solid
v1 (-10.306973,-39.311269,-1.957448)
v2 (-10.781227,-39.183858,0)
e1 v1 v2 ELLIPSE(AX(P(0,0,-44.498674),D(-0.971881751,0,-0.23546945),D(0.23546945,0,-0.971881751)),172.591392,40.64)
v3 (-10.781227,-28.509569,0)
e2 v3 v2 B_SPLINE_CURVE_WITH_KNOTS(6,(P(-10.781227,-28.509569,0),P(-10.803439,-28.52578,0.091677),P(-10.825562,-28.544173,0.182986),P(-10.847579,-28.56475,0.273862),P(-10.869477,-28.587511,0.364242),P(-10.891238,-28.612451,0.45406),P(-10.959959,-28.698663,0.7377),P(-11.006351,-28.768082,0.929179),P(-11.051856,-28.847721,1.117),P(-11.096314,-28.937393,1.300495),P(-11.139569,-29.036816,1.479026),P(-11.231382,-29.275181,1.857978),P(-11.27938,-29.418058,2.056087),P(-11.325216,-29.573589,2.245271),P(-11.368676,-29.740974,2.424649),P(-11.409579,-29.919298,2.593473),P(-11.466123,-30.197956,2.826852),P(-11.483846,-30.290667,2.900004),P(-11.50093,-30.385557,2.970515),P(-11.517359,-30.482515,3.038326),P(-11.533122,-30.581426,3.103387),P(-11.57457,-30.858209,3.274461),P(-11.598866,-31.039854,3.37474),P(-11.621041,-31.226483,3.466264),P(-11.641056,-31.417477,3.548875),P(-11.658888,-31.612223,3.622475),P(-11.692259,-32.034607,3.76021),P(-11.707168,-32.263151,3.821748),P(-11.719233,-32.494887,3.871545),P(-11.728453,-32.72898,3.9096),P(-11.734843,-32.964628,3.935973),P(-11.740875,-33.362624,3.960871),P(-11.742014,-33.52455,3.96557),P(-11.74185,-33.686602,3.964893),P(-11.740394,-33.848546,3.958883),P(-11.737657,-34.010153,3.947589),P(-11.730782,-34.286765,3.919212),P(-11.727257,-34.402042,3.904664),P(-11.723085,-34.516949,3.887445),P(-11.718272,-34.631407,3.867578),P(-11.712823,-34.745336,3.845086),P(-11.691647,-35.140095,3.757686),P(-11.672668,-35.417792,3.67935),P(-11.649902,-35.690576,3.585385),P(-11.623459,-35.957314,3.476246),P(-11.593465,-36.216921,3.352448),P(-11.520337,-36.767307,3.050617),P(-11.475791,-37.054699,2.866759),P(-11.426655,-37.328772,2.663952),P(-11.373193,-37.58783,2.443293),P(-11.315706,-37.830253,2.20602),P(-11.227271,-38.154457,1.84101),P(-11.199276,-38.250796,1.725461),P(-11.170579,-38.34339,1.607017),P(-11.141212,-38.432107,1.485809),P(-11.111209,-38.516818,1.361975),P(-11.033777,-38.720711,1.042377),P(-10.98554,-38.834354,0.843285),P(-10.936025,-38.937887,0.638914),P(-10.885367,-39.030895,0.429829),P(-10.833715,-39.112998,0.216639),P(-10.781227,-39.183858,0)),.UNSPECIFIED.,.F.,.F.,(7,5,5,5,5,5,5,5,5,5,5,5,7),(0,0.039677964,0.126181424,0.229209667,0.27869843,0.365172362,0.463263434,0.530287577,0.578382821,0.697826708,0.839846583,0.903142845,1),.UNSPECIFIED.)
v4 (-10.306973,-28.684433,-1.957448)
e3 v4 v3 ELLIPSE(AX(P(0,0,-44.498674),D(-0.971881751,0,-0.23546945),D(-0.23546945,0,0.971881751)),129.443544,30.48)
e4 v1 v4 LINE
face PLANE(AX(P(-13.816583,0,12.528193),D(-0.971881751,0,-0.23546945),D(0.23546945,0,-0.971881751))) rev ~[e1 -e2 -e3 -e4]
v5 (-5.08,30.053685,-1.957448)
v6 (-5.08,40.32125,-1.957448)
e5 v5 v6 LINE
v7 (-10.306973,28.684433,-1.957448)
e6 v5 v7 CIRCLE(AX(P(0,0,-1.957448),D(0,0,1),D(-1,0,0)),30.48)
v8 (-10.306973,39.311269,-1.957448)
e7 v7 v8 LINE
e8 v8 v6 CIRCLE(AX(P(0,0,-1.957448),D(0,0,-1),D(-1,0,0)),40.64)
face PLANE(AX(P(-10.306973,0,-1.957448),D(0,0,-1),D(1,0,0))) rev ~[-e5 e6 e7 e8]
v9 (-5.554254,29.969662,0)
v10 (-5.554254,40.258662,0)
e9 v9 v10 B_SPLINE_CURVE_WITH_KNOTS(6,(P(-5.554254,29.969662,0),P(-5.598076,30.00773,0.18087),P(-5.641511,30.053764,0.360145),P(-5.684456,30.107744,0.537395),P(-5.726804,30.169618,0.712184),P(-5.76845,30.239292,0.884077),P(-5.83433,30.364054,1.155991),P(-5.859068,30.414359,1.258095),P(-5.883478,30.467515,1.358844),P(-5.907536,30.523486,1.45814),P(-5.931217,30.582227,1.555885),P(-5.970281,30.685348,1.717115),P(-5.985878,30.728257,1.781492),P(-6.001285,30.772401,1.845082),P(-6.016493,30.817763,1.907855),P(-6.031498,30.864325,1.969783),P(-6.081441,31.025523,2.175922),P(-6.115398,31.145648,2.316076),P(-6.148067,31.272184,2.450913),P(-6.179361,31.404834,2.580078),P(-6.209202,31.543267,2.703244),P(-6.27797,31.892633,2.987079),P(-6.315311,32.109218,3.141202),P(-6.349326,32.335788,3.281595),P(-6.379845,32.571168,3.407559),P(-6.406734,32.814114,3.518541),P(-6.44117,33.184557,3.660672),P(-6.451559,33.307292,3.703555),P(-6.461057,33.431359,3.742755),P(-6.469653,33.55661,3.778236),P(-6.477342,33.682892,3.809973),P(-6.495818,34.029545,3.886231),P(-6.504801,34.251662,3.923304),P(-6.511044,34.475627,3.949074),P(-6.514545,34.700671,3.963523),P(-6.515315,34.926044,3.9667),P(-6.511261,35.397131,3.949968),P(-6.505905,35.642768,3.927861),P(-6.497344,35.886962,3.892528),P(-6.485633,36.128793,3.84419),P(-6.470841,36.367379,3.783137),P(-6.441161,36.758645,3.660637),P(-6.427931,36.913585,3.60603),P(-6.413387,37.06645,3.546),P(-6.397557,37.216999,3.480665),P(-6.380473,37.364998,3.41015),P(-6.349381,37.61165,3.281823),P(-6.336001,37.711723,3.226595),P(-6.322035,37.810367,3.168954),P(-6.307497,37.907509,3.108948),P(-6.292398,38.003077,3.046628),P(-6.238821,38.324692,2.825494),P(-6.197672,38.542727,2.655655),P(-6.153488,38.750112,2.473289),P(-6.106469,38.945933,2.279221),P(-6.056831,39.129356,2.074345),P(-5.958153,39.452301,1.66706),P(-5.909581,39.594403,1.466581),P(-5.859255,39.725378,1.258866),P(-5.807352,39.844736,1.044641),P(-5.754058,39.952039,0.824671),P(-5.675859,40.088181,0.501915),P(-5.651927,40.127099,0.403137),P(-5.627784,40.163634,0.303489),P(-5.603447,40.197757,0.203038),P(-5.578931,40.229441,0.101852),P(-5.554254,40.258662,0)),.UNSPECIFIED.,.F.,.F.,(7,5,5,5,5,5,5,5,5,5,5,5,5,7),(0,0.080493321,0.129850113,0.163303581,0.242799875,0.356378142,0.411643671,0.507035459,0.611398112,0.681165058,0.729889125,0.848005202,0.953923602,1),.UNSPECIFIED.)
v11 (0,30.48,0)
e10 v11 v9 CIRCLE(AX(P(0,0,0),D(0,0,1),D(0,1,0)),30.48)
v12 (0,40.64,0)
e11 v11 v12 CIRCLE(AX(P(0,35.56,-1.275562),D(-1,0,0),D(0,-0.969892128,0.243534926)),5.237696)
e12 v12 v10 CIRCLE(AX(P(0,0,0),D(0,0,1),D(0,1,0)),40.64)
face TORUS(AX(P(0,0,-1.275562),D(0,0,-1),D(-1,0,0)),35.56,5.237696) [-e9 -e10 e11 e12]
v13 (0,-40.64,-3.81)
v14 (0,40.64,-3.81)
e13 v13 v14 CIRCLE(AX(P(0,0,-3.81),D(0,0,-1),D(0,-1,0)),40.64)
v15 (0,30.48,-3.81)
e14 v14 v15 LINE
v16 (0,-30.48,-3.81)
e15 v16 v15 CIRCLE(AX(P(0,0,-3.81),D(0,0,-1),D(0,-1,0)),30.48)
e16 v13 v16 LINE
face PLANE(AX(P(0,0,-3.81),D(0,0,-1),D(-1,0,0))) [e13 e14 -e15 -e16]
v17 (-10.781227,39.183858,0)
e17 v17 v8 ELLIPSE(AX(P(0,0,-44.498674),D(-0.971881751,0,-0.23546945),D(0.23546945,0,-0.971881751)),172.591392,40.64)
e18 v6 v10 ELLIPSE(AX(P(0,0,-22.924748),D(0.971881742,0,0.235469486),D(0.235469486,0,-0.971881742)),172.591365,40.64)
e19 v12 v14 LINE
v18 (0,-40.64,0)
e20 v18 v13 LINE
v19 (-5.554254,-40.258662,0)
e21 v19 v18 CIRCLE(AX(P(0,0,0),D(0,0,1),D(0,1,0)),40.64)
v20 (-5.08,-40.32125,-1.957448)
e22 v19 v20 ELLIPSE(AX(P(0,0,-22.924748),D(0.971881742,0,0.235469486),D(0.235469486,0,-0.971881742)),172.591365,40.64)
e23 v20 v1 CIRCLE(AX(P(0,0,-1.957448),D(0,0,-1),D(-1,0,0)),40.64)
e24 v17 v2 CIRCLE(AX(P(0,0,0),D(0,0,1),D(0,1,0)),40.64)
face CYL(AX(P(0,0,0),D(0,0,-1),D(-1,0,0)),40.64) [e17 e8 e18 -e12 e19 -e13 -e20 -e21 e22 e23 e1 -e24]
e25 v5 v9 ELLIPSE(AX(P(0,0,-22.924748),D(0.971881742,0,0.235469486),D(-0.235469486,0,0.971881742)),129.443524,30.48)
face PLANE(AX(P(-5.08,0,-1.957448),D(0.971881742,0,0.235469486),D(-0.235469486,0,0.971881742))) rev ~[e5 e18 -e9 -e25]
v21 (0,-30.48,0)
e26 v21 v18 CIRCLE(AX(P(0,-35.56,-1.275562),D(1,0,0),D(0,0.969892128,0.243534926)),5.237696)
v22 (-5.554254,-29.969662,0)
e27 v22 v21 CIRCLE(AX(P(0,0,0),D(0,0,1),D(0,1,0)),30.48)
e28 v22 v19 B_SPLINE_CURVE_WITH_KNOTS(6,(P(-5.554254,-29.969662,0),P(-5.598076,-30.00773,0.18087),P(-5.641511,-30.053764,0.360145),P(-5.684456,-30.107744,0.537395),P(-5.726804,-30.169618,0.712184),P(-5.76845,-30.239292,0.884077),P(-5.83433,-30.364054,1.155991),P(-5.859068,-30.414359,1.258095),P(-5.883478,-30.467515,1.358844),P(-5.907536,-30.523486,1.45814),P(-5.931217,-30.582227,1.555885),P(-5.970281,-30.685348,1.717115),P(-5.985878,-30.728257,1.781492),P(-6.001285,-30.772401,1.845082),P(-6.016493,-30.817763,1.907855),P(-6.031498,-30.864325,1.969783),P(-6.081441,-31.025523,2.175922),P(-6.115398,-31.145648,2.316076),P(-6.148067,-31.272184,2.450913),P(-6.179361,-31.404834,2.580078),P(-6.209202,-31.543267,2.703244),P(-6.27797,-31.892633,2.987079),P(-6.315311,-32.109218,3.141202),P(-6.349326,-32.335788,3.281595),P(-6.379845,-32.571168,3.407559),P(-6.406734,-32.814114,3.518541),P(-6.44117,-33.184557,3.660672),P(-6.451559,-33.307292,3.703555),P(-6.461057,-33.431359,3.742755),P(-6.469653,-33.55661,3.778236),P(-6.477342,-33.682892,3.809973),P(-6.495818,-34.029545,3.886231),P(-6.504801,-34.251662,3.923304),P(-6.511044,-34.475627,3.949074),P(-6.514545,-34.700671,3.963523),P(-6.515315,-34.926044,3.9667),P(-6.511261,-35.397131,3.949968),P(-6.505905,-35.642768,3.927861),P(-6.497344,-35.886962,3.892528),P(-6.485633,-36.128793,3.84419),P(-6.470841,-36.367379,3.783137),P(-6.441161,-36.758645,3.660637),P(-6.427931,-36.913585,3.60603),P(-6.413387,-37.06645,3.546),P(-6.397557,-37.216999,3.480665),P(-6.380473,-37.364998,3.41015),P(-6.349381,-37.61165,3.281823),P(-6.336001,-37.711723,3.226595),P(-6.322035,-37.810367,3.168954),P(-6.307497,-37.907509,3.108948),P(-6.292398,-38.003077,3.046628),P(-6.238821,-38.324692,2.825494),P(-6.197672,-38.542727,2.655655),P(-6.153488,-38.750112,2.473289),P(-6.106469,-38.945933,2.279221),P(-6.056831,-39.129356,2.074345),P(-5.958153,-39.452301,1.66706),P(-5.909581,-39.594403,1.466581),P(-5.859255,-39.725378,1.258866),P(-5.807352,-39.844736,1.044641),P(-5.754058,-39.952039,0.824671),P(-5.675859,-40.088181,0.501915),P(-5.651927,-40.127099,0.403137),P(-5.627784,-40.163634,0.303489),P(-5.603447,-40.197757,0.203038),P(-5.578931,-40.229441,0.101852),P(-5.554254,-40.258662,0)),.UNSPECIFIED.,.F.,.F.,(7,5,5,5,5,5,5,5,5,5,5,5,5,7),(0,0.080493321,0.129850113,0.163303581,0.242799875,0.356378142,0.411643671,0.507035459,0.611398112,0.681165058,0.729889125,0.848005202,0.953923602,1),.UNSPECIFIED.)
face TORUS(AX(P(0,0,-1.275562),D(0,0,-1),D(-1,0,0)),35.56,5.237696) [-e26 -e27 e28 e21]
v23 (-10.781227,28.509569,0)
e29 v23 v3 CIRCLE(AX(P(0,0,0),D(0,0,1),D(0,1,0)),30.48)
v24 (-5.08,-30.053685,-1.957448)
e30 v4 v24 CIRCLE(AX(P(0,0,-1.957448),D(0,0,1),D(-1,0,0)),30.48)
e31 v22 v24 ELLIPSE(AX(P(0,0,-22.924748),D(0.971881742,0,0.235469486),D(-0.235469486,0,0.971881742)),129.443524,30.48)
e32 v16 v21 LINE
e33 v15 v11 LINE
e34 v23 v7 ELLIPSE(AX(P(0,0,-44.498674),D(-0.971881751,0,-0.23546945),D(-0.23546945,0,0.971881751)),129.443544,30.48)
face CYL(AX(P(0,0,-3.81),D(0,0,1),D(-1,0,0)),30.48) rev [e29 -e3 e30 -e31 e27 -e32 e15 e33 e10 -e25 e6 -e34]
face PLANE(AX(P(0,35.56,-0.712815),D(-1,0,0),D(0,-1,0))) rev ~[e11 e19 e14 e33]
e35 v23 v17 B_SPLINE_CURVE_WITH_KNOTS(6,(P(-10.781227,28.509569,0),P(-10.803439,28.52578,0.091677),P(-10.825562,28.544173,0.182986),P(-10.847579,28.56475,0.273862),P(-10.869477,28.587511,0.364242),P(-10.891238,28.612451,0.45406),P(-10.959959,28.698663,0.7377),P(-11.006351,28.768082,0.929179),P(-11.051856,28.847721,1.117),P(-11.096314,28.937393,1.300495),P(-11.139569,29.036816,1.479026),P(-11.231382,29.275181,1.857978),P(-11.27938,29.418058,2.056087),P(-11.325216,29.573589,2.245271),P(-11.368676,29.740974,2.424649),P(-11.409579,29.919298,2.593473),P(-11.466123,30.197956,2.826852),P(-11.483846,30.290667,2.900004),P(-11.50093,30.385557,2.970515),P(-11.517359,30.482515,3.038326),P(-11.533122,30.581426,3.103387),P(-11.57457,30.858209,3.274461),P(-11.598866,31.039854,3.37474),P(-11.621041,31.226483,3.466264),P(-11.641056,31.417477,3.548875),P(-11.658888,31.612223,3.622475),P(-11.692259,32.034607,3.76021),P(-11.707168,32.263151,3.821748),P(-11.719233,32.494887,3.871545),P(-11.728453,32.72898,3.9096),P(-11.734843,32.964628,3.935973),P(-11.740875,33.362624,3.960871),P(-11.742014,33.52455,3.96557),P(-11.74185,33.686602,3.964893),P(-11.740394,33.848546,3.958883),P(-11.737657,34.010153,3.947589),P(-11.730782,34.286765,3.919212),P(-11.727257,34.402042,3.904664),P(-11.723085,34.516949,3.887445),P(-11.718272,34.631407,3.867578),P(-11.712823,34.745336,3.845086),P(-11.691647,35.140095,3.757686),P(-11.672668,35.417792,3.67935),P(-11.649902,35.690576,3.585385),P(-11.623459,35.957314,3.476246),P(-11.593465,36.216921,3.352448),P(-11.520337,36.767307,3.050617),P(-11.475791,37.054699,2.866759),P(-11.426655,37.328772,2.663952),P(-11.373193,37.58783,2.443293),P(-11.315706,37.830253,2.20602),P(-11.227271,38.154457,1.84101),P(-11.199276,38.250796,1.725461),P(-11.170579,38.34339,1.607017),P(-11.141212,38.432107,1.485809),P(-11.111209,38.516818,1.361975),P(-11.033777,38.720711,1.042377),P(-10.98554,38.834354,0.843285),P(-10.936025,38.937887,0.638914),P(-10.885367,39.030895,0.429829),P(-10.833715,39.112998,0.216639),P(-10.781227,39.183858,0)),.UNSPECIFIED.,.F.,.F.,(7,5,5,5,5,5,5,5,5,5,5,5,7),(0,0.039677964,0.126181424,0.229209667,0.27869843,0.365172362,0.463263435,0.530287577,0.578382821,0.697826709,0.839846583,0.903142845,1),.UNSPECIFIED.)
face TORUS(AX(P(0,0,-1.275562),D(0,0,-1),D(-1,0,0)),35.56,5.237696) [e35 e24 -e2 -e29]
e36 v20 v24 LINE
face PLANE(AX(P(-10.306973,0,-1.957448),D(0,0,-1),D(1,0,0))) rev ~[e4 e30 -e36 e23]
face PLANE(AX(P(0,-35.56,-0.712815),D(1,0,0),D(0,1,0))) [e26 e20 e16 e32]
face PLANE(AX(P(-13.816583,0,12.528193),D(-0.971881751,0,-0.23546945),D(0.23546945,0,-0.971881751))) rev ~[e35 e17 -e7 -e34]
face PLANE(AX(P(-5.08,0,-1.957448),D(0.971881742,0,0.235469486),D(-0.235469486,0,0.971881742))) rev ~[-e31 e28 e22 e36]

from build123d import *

# Parameters (mm, degrees)
F1_ANGLE = 180
F3_DEPTH = 76.2


with BuildPart() as f1:
    # F0 (on Front) → F1 (revolve, symmetric)
    with BuildSketch(Plane.XZ) as f1_sk:
        with BuildLine():
            Line((-30.48, -3.81), (-30.48, 0))
            ThreePointArc((-30.48, 0), (-35.56, 3.962134), (-40.64, 0))
            Line((-40.64, 0), (-40.64, -3.81))
            Line((-40.64, -3.81), (-30.48, -3.81))
        make_face()
    revolve(axis=Axis((0, 0, 31.664096), (0, 0, 1)), revolution_arc=F1_ANGLE / 2)
    revolve(f1_sk.sketch, axis=Axis((0, 0, 31.664096), (0, 0, -1)), revolution_arc=F1_ANGLE / 2)

    # F2 (on Front) → F3 (cut, symmetric)
    with BuildSketch(Plane.XZ):
        Polygon((-5.08, -1.957448), (-8.953226, 14.028987), (-13.816583, 12.528193), (-10.306973, -1.957448), align=None)
    extrude(amount=F3_DEPTH, both=True, mode=Mode.SUBTRACT)


solid = f1.part
